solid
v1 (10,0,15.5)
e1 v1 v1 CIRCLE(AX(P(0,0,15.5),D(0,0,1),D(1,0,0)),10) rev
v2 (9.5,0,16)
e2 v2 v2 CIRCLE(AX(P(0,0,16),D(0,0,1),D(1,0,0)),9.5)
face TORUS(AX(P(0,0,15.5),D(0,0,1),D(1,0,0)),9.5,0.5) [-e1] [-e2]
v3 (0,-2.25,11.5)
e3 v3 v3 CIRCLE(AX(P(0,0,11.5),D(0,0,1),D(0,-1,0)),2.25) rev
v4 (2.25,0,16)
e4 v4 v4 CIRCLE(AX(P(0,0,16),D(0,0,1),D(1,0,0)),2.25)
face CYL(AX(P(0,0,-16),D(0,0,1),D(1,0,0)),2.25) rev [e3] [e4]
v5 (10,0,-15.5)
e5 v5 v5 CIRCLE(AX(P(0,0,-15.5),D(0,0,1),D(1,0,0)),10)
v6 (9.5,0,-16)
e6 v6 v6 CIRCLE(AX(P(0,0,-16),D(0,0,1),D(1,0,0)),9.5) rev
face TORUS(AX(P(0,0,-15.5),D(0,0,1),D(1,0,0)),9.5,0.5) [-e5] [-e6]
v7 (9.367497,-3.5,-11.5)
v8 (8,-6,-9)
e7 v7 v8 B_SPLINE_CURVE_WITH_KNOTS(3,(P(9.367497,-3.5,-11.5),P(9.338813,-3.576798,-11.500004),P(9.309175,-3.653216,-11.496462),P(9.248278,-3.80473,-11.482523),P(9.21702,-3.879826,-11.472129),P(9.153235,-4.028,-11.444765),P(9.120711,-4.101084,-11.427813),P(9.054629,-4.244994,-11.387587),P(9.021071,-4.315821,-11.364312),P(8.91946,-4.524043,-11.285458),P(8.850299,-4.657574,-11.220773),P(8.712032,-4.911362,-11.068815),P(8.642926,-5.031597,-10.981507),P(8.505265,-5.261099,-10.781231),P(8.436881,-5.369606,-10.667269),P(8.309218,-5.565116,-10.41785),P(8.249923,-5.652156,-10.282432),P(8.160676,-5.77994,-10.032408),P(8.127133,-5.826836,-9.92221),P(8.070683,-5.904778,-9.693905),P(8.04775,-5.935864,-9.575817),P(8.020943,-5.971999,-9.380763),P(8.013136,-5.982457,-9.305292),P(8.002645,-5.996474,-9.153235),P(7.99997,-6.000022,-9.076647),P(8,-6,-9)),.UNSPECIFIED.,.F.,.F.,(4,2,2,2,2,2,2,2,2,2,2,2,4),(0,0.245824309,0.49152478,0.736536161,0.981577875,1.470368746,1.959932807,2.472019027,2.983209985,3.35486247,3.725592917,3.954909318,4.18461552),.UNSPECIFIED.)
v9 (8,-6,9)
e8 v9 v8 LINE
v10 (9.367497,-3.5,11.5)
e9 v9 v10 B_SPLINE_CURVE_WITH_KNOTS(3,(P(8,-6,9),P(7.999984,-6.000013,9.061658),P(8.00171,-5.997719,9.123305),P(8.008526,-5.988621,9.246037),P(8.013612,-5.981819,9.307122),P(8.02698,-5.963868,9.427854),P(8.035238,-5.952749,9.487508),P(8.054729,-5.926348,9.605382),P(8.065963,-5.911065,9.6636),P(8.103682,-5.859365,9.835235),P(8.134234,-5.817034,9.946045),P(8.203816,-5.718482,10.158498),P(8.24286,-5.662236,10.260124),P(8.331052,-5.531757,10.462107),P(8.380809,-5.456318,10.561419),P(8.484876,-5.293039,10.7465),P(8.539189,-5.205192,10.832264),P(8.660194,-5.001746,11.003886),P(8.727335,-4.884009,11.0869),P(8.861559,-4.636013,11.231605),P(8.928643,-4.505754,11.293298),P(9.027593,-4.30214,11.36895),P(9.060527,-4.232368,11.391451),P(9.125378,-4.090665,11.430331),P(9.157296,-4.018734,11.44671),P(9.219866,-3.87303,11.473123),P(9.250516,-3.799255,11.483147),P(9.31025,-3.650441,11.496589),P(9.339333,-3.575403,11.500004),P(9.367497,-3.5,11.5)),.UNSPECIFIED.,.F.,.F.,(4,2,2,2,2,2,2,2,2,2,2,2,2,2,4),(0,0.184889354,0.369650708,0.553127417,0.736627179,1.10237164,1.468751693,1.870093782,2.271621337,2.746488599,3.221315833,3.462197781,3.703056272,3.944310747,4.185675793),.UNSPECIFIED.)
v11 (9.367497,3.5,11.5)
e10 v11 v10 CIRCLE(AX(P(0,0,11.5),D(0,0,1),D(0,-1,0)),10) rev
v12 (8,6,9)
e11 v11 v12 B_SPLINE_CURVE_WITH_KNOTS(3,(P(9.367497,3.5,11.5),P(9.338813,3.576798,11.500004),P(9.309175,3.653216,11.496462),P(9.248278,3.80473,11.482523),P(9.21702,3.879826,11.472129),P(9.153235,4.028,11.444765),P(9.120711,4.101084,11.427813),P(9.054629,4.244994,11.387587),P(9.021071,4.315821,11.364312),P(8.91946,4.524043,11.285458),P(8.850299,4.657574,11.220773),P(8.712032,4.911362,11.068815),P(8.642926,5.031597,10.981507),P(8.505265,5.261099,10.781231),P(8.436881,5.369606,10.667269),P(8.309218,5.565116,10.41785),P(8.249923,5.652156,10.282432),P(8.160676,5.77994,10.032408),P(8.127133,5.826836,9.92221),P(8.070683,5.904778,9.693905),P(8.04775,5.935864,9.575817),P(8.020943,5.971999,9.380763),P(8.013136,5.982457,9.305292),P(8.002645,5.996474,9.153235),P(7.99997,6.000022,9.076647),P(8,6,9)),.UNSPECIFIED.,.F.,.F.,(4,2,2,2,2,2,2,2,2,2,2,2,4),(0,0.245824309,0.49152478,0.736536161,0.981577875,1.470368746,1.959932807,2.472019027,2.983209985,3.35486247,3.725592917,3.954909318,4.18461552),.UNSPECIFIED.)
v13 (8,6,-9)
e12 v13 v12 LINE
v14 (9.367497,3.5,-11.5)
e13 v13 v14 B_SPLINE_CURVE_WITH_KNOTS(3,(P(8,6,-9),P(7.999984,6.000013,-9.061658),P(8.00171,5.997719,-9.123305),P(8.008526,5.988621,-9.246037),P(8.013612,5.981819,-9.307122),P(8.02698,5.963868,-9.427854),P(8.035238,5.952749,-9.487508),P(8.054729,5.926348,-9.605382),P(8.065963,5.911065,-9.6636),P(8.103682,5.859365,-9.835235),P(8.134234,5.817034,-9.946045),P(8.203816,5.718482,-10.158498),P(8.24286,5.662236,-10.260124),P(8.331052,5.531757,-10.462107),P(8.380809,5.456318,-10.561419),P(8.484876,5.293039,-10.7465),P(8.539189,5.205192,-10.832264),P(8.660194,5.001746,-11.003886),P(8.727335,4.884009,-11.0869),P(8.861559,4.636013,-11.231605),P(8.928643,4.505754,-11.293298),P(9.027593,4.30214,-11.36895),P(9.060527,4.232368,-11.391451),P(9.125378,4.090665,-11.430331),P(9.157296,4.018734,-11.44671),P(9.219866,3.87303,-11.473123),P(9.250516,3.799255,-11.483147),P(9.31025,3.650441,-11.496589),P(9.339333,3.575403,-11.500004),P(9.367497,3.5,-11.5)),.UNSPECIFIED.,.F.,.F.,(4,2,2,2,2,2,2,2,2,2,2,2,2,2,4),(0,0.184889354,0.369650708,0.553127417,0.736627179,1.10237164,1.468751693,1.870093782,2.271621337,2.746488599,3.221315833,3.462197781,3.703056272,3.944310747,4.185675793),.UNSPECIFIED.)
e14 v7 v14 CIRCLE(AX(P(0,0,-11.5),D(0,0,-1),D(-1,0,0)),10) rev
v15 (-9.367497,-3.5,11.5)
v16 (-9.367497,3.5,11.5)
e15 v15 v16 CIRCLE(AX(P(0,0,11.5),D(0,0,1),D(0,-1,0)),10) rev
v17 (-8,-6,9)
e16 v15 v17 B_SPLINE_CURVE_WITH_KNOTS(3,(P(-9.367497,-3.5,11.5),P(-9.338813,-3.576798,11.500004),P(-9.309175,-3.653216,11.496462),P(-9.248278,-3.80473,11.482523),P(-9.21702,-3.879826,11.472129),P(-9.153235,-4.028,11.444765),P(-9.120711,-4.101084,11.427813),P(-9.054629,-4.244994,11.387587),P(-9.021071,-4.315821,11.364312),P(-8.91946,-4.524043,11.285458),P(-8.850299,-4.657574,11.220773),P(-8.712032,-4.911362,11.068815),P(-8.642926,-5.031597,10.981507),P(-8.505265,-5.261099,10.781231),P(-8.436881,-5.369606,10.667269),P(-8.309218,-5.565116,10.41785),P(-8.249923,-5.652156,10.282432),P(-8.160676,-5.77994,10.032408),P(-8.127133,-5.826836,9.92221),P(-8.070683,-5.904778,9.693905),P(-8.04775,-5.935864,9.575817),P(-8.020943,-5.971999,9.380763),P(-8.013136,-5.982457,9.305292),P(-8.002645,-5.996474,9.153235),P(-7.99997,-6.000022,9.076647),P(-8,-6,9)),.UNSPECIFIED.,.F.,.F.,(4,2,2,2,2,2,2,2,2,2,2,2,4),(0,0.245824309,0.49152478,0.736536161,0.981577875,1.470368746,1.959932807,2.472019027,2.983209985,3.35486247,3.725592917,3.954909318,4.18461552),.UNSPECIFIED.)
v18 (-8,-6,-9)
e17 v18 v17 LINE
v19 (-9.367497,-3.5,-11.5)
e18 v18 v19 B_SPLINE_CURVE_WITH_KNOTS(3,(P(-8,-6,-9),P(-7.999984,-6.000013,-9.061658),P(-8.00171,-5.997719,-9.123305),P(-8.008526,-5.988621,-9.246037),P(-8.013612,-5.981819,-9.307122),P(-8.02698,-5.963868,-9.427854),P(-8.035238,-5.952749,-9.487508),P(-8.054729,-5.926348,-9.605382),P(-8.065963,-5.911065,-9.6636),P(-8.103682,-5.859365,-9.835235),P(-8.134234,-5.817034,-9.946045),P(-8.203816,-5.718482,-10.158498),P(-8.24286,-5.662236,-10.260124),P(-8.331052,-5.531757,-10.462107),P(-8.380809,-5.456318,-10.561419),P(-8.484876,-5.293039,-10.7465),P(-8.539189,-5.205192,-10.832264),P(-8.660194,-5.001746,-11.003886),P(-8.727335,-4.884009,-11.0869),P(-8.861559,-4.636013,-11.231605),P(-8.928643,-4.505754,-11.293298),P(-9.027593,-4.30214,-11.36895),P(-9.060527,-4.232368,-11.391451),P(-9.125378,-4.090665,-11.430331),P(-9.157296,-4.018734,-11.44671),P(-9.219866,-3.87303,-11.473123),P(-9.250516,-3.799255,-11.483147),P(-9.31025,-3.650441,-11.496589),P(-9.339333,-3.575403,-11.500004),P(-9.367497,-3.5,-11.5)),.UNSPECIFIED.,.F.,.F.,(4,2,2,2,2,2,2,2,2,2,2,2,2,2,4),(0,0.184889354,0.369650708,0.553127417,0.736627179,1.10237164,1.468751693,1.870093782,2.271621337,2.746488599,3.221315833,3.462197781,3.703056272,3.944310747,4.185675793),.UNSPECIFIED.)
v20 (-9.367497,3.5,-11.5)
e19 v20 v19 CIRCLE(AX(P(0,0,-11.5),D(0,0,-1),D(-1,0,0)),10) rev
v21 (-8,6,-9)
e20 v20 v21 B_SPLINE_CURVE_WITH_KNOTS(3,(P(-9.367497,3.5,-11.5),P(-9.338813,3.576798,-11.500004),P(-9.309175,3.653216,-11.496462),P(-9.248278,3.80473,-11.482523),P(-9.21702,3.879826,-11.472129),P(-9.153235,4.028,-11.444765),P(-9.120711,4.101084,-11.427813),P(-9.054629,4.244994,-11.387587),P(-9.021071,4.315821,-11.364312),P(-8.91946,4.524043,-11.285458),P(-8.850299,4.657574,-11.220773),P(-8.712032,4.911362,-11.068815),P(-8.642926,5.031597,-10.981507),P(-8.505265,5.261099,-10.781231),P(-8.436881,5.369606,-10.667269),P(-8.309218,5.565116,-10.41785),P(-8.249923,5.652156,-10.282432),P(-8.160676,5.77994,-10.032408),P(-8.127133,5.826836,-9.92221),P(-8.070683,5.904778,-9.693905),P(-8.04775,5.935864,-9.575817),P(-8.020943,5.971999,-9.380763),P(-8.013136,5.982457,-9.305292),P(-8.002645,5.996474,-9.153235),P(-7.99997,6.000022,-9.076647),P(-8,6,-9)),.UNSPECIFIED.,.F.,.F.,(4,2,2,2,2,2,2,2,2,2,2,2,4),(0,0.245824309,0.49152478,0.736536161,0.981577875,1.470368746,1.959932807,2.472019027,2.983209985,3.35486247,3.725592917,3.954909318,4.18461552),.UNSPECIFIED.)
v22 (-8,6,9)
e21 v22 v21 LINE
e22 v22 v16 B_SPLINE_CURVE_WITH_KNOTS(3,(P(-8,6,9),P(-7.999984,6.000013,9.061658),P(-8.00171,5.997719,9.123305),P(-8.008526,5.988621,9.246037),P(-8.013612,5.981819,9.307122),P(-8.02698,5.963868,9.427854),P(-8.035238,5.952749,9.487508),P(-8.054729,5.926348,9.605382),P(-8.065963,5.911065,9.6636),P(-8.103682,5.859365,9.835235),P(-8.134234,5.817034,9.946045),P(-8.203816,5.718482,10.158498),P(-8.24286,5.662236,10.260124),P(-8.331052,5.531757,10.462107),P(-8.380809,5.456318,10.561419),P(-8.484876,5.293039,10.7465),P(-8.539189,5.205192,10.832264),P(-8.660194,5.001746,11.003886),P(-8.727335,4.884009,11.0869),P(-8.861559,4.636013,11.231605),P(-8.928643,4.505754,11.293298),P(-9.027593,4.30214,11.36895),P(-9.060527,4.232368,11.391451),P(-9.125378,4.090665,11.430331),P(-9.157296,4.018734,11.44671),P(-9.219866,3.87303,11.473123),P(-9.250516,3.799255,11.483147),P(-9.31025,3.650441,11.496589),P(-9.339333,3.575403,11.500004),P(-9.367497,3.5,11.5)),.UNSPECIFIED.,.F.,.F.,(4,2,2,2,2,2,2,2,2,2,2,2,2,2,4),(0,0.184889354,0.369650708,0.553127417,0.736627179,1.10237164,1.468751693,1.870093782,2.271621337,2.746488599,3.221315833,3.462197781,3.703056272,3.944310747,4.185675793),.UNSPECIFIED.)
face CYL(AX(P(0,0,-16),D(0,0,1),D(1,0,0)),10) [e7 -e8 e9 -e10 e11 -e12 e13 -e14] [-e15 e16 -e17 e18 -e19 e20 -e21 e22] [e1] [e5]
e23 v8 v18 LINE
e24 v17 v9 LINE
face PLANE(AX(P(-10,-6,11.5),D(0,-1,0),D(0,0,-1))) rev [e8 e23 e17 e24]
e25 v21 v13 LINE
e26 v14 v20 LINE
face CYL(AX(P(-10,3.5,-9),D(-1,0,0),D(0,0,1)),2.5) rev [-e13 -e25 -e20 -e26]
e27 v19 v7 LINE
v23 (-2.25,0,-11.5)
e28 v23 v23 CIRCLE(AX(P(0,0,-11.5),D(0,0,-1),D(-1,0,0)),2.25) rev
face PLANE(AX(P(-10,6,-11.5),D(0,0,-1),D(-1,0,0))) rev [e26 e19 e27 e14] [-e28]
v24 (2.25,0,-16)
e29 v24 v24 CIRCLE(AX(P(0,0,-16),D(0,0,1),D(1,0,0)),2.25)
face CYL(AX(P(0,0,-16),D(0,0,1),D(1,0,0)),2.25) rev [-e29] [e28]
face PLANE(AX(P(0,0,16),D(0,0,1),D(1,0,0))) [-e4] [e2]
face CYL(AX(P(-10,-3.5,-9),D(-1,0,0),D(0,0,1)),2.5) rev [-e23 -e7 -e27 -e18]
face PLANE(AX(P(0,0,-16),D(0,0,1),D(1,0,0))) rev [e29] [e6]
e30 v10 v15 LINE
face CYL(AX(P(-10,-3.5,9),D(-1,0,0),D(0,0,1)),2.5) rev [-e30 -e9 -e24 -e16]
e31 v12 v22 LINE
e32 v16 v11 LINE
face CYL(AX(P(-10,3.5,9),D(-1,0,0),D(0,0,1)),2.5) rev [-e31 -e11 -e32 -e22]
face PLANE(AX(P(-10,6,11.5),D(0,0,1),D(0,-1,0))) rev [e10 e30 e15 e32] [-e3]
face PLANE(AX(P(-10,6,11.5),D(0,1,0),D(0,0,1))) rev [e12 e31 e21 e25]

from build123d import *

# Parameters (mm, degrees)
BOSS_EXTRUDE1_DEPTH      = 16
BOSS_EXTRUDE1_DEPTH_BACK = 16
SKETCH1_R                = 10
SKETCH1_R_2              = 2.25
CUT_EXTRUDE1_DEPTH       = 22.354156504
CUT_EXTRUDE1_DEPTH_BACK  = 22.354156504
SKETCH2_W                = 23
SKETCH2_H                = 12
FILLET1_R                = 0.5
FILLET2_R                = 2.5


with BuildPart() as part:
    # Sketch1 → Boss-Extrude1 (new, two sides: drawn at the far end of the back side and taken through both)
    with BuildSketch(Plane.XY.offset(-BOSS_EXTRUDE1_DEPTH_BACK)):
        Circle(SKETCH1_R)
        Circle(SKETCH1_R_2, mode=Mode.SUBTRACT)
    extrude(amount=BOSS_EXTRUDE1_DEPTH + BOSS_EXTRUDE1_DEPTH_BACK)

    # Sketch2 → Cut-Extrude1 (cut, two sides: drawn at the far end of the back side and taken through both)
    with BuildSketch(Plane(origin=(0, 0, 0), x_dir=(0, 0, -1), z_dir=(1, 0, 0)).offset(-CUT_EXTRUDE1_DEPTH_BACK)):
        Rectangle(SKETCH2_W, SKETCH2_H)
    extrude(amount=CUT_EXTRUDE1_DEPTH + CUT_EXTRUDE1_DEPTH_BACK, mode=Mode.SUBTRACT)

    # Fillet1
    fillet1_edges = [part.edges().sort_by_distance(p)[0] for p in [
        (-10, 0, -16),
        (-10, 0, 16),
    ]]
    fillet(fillet1_edges, radius=FILLET1_R)

    # Fillet2
    fillet2_edges = [part.edges().sort_by_distance(p)[0] for p in [
        (0, -6, 11.5),
        (0, 6, -11.5),
        (0, 6, 11.5),
        (0, -6, -11.5),
    ]]
    fillet(fillet2_edges, radius=FILLET2_R)


solid = part.part
